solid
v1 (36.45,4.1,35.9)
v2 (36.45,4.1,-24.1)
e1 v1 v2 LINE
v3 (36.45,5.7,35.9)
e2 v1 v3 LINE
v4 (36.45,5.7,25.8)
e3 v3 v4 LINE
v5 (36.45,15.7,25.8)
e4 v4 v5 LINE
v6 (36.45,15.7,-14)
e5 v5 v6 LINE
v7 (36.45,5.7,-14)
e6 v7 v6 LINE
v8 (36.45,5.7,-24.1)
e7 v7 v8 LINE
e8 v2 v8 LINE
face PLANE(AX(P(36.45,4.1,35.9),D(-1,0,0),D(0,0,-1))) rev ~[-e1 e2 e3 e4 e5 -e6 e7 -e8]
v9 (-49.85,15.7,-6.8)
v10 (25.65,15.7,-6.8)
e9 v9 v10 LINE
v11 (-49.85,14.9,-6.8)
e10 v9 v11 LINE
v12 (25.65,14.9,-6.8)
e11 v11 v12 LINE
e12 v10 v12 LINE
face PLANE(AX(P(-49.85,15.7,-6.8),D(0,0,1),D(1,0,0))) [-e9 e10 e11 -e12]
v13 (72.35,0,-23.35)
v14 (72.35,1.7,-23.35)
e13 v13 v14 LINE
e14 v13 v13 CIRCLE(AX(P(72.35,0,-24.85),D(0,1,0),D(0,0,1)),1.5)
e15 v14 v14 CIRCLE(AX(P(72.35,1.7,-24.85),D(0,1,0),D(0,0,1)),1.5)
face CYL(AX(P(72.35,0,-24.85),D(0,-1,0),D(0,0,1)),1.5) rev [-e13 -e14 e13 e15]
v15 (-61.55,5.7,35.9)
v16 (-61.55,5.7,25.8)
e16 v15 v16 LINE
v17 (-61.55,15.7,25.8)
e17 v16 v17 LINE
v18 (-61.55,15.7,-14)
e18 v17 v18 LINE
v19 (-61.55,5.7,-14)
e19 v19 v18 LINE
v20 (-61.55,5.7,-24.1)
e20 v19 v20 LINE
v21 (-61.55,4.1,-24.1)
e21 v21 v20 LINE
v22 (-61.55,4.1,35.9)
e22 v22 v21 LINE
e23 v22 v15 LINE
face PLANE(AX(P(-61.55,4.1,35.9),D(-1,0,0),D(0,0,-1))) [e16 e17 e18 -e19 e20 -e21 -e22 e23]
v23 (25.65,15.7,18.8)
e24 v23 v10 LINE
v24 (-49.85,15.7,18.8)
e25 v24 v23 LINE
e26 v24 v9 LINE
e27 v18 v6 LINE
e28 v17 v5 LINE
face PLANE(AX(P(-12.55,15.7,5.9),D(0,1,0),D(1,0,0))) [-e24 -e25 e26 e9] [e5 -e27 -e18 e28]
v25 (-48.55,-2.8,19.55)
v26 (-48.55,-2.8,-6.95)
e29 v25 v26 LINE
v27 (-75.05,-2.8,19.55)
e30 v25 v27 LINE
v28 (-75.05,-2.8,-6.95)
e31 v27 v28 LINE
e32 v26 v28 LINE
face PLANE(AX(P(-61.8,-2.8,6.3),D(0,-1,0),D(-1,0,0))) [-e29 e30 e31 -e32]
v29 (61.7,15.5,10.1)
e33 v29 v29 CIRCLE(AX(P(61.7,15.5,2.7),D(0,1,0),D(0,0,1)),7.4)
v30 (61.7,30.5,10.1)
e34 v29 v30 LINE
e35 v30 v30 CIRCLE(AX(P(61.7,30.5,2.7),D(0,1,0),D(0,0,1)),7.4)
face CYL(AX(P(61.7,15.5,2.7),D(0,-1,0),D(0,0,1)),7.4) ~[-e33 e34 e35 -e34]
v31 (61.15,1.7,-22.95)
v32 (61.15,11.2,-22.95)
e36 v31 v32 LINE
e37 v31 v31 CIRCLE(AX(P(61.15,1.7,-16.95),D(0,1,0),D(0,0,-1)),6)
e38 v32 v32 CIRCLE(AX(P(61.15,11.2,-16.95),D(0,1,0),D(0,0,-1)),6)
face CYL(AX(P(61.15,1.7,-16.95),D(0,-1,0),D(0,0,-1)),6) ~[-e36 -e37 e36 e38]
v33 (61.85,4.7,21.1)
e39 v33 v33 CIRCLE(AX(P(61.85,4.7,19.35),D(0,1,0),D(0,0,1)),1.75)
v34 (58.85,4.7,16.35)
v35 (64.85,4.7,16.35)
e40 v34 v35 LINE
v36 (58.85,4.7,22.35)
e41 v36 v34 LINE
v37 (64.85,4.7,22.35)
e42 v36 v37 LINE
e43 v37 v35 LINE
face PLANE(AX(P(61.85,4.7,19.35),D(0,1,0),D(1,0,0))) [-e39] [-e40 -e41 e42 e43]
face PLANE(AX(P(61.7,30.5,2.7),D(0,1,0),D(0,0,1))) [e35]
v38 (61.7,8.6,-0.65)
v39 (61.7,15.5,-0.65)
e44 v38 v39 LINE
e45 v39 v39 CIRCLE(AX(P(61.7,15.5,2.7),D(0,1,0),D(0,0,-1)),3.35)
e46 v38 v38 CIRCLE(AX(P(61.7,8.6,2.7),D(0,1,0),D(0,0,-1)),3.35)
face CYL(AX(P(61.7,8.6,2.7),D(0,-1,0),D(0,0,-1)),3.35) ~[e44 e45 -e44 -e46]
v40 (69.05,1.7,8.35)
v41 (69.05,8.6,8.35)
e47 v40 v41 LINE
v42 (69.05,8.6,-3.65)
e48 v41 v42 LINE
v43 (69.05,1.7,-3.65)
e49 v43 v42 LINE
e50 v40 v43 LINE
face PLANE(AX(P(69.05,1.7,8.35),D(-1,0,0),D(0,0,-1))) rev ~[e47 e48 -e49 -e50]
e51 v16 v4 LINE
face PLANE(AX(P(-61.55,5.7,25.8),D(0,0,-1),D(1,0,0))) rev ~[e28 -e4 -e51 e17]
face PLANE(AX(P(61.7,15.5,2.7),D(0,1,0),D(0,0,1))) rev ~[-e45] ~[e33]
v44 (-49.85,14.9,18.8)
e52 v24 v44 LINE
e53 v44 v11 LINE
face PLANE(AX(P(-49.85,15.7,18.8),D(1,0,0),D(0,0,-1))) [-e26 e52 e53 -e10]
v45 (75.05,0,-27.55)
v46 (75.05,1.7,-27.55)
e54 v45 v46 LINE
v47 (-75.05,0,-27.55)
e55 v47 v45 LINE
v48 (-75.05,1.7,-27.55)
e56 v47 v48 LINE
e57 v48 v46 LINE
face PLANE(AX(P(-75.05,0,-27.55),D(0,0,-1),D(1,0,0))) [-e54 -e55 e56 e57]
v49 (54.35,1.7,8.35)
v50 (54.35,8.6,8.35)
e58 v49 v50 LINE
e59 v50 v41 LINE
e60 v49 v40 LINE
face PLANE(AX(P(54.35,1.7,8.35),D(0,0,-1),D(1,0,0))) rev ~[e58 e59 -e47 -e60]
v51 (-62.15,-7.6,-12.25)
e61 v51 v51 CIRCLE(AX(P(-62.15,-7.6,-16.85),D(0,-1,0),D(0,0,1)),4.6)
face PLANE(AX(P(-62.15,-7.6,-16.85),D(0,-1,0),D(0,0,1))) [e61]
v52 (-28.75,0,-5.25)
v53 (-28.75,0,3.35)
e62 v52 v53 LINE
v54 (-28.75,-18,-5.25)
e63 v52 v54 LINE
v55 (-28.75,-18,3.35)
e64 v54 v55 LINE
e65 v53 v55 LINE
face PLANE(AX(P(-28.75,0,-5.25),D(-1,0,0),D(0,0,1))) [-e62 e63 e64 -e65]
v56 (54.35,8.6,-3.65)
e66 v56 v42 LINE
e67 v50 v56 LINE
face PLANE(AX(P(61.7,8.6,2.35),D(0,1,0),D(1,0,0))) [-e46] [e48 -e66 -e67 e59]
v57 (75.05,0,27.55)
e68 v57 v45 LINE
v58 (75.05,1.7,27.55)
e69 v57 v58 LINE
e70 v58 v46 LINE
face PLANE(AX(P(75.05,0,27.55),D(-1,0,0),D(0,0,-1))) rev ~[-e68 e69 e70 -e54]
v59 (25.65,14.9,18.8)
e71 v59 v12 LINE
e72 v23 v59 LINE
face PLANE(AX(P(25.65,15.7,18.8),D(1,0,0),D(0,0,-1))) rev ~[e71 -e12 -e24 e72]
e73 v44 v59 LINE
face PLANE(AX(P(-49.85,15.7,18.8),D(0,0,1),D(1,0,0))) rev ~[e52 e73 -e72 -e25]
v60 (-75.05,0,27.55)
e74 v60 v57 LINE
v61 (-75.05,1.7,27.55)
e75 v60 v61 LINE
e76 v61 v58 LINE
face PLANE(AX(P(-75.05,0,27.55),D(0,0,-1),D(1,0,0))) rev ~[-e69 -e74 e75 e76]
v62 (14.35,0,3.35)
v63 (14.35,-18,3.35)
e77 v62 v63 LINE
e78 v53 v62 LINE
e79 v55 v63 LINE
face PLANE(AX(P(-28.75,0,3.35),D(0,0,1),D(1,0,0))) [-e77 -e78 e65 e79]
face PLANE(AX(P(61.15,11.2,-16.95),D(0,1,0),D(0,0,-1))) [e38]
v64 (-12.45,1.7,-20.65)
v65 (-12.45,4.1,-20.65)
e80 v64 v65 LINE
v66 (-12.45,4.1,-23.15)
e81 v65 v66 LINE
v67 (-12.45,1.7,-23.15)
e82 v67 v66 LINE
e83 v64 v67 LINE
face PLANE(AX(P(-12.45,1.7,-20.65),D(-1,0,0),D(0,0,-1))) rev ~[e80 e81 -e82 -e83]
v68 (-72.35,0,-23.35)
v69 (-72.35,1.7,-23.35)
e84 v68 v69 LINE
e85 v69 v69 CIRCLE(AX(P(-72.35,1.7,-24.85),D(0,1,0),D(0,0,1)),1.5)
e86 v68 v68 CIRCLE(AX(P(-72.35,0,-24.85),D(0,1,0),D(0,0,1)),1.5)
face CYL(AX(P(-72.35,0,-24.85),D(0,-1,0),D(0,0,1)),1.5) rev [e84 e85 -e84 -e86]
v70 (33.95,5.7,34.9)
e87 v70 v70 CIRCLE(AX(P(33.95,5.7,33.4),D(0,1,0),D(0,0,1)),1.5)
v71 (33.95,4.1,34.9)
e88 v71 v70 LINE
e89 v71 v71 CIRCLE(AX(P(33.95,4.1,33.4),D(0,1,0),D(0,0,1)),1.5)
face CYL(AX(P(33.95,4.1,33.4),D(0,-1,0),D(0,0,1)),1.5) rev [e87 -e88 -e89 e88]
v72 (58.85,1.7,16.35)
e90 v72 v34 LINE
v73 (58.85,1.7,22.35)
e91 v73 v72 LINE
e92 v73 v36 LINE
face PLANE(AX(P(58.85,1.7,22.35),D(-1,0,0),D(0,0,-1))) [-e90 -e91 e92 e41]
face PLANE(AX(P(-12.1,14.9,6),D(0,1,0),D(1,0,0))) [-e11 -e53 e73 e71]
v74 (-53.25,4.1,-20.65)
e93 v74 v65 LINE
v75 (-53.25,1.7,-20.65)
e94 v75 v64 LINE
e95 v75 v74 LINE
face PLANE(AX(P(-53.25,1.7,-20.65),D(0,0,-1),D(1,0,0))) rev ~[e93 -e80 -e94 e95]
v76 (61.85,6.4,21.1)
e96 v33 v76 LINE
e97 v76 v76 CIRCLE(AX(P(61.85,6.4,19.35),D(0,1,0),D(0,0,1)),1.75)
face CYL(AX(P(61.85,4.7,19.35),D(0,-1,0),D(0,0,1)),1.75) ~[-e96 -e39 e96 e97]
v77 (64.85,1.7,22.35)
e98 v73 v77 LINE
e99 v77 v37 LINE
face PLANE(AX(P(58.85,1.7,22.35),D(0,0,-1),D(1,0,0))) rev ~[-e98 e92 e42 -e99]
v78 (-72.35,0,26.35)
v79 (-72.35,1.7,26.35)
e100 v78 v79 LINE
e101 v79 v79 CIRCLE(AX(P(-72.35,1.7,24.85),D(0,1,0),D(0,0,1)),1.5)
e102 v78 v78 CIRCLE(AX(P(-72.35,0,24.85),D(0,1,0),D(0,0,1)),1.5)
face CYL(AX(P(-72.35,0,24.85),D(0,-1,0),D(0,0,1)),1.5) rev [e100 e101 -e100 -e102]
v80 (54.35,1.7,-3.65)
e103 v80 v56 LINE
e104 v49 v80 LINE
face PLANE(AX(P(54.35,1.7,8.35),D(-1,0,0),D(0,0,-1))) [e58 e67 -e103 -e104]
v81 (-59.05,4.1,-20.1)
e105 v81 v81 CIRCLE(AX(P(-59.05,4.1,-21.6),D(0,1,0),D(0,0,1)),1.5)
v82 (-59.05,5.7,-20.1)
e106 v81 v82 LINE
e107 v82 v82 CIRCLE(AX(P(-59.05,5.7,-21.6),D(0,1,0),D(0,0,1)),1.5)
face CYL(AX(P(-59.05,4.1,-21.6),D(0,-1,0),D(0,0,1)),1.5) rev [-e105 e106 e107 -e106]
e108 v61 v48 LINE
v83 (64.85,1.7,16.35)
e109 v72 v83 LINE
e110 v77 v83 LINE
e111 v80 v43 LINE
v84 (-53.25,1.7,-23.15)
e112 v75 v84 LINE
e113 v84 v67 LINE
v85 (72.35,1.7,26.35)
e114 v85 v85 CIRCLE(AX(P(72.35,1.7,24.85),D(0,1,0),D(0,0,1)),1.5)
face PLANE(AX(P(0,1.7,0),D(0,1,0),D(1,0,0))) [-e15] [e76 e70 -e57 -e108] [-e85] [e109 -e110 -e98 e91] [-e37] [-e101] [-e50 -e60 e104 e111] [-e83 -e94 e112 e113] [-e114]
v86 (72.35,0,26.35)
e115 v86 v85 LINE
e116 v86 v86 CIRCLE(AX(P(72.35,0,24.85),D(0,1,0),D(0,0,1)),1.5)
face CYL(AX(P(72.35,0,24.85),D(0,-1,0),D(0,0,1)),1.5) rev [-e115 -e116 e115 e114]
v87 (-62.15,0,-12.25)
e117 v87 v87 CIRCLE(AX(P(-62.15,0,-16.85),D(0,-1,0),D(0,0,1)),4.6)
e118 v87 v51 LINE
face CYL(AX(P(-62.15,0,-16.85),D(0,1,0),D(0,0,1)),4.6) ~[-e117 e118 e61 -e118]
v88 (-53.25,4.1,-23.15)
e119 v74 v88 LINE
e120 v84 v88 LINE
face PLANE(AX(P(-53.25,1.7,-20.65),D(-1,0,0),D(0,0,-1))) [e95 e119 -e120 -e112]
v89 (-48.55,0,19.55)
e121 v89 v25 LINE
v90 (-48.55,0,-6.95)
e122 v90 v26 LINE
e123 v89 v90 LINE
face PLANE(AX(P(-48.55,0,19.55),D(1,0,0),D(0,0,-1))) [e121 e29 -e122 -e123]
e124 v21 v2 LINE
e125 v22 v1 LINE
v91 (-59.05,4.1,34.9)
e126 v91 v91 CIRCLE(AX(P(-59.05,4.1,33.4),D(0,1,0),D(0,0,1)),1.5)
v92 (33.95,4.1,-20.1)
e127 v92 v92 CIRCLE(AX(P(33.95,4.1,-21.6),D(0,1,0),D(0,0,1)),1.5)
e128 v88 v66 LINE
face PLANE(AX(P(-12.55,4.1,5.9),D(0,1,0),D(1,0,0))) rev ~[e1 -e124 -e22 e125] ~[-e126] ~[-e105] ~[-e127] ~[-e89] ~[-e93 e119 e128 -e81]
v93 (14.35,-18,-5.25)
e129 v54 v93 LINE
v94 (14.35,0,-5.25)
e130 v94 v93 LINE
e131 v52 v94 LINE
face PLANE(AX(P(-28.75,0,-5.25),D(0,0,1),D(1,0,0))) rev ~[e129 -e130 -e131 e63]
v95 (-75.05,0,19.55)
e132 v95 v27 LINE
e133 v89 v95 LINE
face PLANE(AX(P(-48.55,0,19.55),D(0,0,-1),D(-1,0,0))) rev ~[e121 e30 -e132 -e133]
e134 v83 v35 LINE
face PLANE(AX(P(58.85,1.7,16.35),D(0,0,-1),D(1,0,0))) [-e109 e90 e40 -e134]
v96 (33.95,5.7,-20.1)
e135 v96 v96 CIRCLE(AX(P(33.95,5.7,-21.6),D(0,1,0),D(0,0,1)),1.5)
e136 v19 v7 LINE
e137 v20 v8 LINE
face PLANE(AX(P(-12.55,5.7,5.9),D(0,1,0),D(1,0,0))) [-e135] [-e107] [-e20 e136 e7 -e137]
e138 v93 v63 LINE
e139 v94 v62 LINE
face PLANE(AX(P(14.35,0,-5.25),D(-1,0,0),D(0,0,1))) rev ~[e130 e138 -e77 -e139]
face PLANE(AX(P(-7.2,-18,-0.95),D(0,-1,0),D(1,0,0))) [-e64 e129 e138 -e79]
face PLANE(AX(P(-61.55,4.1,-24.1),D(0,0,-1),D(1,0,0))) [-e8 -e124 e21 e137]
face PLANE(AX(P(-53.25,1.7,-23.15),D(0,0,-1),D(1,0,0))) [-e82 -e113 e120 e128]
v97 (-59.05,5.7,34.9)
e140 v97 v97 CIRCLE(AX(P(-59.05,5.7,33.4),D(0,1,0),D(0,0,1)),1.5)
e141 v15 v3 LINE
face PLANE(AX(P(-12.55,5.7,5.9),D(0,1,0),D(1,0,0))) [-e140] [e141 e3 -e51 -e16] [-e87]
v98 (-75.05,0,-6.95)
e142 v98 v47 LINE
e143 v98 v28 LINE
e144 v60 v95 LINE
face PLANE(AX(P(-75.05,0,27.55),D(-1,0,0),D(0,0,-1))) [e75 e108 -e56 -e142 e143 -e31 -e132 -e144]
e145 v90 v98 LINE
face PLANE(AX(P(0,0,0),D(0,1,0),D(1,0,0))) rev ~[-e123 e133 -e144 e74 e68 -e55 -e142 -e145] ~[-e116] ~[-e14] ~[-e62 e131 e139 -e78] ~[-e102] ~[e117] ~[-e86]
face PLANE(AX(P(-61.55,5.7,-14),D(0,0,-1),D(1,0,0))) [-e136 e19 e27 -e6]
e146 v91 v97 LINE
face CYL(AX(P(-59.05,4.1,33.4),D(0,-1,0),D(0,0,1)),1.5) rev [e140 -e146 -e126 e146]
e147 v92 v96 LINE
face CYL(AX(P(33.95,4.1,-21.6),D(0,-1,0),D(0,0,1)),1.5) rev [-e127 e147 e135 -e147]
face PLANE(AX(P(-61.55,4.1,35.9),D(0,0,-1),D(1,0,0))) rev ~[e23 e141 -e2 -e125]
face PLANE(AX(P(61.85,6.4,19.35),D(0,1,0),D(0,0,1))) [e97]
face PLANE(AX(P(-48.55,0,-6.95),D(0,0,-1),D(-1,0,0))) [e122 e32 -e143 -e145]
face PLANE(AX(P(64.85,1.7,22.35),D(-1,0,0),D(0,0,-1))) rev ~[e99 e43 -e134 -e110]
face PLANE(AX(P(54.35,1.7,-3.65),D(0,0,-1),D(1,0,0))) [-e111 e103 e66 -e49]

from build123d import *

# Parameters (mm, degrees)
SKETCH1_W            = 150.1
SKETCH1_H            = 55.1
SKETCH1_R            = 1.5
BOSS_EXTRUDE1_DEPTH  = 1.7
SKETCH2_W            = 40.8
SKETCH2_H            = 2.5
BOSS_EXTRUDE2_DEPTH  = 2.4
SKETCH3_W            = 98
SKETCH3_H            = 60
SKETCH3_R            = 1.5
BOSS_EXTRUDE3_DEPTH  = 1.6
SKETCH4_W            = 98
SKETCH4_H            = 39.8
BOSS_EXTRUDE4_DEPTH  = 10
SKETCH5_W            = 75.5
SKETCH5_H            = 25.6
CUT_EXTRUDE1_DEPTH   = 0.8
SKETCH6_R            = 6
BOSS_EXTRUDE5_DEPTH  = 9.5
SKETCH7_W            = 6
SKETCH7_H            = 6
BOSS_EXTRUDE6_DEPTH  = 3
SKETCH8_R            = 1.75
BOSS_EXTRUDE7_DEPTH  = 1.7
SKETCH9_W            = 14.7
SKETCH9_H            = 12
BOSS_EXTRUDE8_DEPTH  = 6.9
SKETCH10_R           = 3.35
BOSS_EXTRUDE9_DEPTH  = 6.9
SKETCH11_R           = 7.4
BOSS_EXTRUDE10_DEPTH = 15
SKETCH12_W           = 26.5
SKETCH12_H           = 26.5
BOSS_EXTRUDE11_DEPTH = 2.8
SKETCH13_R           = 4.6
BOSS_EXTRUDE12_DEPTH = 7.6
SKETCH14_W           = 43.1
SKETCH14_H           = 8.6
BOSS_EXTRUDE13_DEPTH = 18


with BuildPart() as part:
    # Sketch1 → Boss-Extrude1 (new body)
    with BuildSketch(Plane(origin=(0, 0, 0), x_dir=(1, 0, 0), z_dir=(0, 1, 0))):
        Rectangle(SKETCH1_W, SKETCH1_H)
        with Locations((-72.35, 24.85)):
            Circle(SKETCH1_R, mode=Mode.SUBTRACT)
        with Locations((-72.35, -24.85)):
            Circle(SKETCH1_R, mode=Mode.SUBTRACT)
        with Locations((72.35, 24.85)):
            Circle(SKETCH1_R, mode=Mode.SUBTRACT)
        with Locations((72.35, -24.85)):
            Circle(SKETCH1_R, mode=Mode.SUBTRACT)
    extrude(amount=BOSS_EXTRUDE1_DEPTH)

    # Sketch2 → Boss-Extrude2 (add)
    with BuildSketch(Plane(origin=(0, 1.7, 0), x_dir=(1, 0, 0), z_dir=(0, 1, 0))):
        with Locations((-32.85, 21.9)):
            Rectangle(SKETCH2_W, SKETCH2_H)
    extrude(amount=BOSS_EXTRUDE2_DEPTH)

    # Sketch3 → Boss-Extrude3 (add)
    with BuildSketch(Plane(origin=(0, 4.1, 0), x_dir=(1, 0, 0), z_dir=(0, 1, 0))):
        with Locations((-12.55, -5.9)):
            Rectangle(SKETCH3_W, SKETCH3_H)
        with Locations((-59.05, 21.6)):
            Circle(SKETCH3_R, mode=Mode.SUBTRACT)
        with Locations((33.95, 21.6)):
            Circle(SKETCH3_R, mode=Mode.SUBTRACT)
        with Locations((33.95, -33.4)):
            Circle(SKETCH3_R, mode=Mode.SUBTRACT)
        with Locations((-59.05, -33.4)):
            Circle(SKETCH3_R, mode=Mode.SUBTRACT)
    extrude(amount=BOSS_EXTRUDE3_DEPTH)

    # Sketch4 → Boss-Extrude4 (add)
    with BuildSketch(Plane(origin=(0, 5.7, 0), x_dir=(1, 0, 0), z_dir=(0, 1, 0))):
        with Locations((-12.55, -5.9)):
            Rectangle(SKETCH4_W, SKETCH4_H)
    extrude(amount=BOSS_EXTRUDE4_DEPTH)

    # Sketch5 → Cut-Extrude1 (cut)
    with BuildSketch(Plane(origin=(0, 15.7, 0), x_dir=(1, 0, 0), z_dir=(0, 1, 0))):
        with Locations((-12.1, -6)):
            Rectangle(SKETCH5_W, SKETCH5_H)
    extrude(amount=-CUT_EXTRUDE1_DEPTH, mode=Mode.SUBTRACT)

    # Sketch6 → Boss-Extrude5 (add)
    with BuildSketch(Plane(origin=(0, 1.7, 0), x_dir=(1, 0, 0), z_dir=(0, 1, 0))):
        with Locations((61.15, 16.95)):
            Circle(SKETCH6_R)
    extrude(amount=BOSS_EXTRUDE5_DEPTH)

    # Sketch7 → Boss-Extrude6 (add)
    with BuildSketch(Plane(origin=(0, 1.7, 0), x_dir=(1, 0, 0), z_dir=(0, 1, 0))):
        with Locations((61.85, -19.35)):
            Rectangle(SKETCH7_W, SKETCH7_H)
    extrude(amount=BOSS_EXTRUDE6_DEPTH)

    # Sketch8 → Boss-Extrude7 (add)
    with BuildSketch(Plane(origin=(0, 4.7, 0), x_dir=(1, 0, 0), z_dir=(0, 1, 0))):
        with Locations((61.85, -19.35)):
            Circle(SKETCH8_R)
    extrude(amount=BOSS_EXTRUDE7_DEPTH)

    # Sketch9 → Boss-Extrude8 (add)
    with BuildSketch(Plane(origin=(0, 1.7, 0), x_dir=(1, 0, 0), z_dir=(0, 1, 0))):
        with Locations((61.7, -2.35)):
            Rectangle(SKETCH9_W, SKETCH9_H)
    extrude(amount=BOSS_EXTRUDE8_DEPTH)

    # Sketch10 → Boss-Extrude9 (add)
    with BuildSketch(Plane(origin=(0, 8.6, 0), x_dir=(1, 0, 0), z_dir=(0, 1, 0))):
        with Locations((61.7, -2.7)):
            Circle(SKETCH10_R)
    extrude(amount=BOSS_EXTRUDE9_DEPTH)

    # Sketch11 → Boss-Extrude10 (add)
    with BuildSketch(Plane(origin=(0, 15.5, 0), x_dir=(1, 0, 0), z_dir=(0, 1, 0))):
        with Locations((61.7, -2.7)):
            Circle(SKETCH11_R)
    extrude(amount=BOSS_EXTRUDE10_DEPTH)

    # Sketch12 → Boss-Extrude11 (add)
    with BuildSketch(Plane(origin=(0, 0, 0), x_dir=(-1, 0, 0), z_dir=(0, -1, 0))):
        with Locations((61.8, -6.3)):
            Rectangle(SKETCH12_W, SKETCH12_H)
    extrude(amount=BOSS_EXTRUDE11_DEPTH)

    # Sketch13 → Boss-Extrude12 (add)
    with BuildSketch(Plane.XZ):
        with Locations((-62.15, -16.85)):
            Circle(SKETCH13_R)
    extrude(amount=BOSS_EXTRUDE12_DEPTH)

    # Sketch14 → Boss-Extrude13 (add)
    with BuildSketch(Plane.XZ):
        with Locations((-7.2, -0.95)):
            Rectangle(SKETCH14_W, SKETCH14_H)
    extrude(amount=BOSS_EXTRUDE13_DEPTH)


solid = part.part
